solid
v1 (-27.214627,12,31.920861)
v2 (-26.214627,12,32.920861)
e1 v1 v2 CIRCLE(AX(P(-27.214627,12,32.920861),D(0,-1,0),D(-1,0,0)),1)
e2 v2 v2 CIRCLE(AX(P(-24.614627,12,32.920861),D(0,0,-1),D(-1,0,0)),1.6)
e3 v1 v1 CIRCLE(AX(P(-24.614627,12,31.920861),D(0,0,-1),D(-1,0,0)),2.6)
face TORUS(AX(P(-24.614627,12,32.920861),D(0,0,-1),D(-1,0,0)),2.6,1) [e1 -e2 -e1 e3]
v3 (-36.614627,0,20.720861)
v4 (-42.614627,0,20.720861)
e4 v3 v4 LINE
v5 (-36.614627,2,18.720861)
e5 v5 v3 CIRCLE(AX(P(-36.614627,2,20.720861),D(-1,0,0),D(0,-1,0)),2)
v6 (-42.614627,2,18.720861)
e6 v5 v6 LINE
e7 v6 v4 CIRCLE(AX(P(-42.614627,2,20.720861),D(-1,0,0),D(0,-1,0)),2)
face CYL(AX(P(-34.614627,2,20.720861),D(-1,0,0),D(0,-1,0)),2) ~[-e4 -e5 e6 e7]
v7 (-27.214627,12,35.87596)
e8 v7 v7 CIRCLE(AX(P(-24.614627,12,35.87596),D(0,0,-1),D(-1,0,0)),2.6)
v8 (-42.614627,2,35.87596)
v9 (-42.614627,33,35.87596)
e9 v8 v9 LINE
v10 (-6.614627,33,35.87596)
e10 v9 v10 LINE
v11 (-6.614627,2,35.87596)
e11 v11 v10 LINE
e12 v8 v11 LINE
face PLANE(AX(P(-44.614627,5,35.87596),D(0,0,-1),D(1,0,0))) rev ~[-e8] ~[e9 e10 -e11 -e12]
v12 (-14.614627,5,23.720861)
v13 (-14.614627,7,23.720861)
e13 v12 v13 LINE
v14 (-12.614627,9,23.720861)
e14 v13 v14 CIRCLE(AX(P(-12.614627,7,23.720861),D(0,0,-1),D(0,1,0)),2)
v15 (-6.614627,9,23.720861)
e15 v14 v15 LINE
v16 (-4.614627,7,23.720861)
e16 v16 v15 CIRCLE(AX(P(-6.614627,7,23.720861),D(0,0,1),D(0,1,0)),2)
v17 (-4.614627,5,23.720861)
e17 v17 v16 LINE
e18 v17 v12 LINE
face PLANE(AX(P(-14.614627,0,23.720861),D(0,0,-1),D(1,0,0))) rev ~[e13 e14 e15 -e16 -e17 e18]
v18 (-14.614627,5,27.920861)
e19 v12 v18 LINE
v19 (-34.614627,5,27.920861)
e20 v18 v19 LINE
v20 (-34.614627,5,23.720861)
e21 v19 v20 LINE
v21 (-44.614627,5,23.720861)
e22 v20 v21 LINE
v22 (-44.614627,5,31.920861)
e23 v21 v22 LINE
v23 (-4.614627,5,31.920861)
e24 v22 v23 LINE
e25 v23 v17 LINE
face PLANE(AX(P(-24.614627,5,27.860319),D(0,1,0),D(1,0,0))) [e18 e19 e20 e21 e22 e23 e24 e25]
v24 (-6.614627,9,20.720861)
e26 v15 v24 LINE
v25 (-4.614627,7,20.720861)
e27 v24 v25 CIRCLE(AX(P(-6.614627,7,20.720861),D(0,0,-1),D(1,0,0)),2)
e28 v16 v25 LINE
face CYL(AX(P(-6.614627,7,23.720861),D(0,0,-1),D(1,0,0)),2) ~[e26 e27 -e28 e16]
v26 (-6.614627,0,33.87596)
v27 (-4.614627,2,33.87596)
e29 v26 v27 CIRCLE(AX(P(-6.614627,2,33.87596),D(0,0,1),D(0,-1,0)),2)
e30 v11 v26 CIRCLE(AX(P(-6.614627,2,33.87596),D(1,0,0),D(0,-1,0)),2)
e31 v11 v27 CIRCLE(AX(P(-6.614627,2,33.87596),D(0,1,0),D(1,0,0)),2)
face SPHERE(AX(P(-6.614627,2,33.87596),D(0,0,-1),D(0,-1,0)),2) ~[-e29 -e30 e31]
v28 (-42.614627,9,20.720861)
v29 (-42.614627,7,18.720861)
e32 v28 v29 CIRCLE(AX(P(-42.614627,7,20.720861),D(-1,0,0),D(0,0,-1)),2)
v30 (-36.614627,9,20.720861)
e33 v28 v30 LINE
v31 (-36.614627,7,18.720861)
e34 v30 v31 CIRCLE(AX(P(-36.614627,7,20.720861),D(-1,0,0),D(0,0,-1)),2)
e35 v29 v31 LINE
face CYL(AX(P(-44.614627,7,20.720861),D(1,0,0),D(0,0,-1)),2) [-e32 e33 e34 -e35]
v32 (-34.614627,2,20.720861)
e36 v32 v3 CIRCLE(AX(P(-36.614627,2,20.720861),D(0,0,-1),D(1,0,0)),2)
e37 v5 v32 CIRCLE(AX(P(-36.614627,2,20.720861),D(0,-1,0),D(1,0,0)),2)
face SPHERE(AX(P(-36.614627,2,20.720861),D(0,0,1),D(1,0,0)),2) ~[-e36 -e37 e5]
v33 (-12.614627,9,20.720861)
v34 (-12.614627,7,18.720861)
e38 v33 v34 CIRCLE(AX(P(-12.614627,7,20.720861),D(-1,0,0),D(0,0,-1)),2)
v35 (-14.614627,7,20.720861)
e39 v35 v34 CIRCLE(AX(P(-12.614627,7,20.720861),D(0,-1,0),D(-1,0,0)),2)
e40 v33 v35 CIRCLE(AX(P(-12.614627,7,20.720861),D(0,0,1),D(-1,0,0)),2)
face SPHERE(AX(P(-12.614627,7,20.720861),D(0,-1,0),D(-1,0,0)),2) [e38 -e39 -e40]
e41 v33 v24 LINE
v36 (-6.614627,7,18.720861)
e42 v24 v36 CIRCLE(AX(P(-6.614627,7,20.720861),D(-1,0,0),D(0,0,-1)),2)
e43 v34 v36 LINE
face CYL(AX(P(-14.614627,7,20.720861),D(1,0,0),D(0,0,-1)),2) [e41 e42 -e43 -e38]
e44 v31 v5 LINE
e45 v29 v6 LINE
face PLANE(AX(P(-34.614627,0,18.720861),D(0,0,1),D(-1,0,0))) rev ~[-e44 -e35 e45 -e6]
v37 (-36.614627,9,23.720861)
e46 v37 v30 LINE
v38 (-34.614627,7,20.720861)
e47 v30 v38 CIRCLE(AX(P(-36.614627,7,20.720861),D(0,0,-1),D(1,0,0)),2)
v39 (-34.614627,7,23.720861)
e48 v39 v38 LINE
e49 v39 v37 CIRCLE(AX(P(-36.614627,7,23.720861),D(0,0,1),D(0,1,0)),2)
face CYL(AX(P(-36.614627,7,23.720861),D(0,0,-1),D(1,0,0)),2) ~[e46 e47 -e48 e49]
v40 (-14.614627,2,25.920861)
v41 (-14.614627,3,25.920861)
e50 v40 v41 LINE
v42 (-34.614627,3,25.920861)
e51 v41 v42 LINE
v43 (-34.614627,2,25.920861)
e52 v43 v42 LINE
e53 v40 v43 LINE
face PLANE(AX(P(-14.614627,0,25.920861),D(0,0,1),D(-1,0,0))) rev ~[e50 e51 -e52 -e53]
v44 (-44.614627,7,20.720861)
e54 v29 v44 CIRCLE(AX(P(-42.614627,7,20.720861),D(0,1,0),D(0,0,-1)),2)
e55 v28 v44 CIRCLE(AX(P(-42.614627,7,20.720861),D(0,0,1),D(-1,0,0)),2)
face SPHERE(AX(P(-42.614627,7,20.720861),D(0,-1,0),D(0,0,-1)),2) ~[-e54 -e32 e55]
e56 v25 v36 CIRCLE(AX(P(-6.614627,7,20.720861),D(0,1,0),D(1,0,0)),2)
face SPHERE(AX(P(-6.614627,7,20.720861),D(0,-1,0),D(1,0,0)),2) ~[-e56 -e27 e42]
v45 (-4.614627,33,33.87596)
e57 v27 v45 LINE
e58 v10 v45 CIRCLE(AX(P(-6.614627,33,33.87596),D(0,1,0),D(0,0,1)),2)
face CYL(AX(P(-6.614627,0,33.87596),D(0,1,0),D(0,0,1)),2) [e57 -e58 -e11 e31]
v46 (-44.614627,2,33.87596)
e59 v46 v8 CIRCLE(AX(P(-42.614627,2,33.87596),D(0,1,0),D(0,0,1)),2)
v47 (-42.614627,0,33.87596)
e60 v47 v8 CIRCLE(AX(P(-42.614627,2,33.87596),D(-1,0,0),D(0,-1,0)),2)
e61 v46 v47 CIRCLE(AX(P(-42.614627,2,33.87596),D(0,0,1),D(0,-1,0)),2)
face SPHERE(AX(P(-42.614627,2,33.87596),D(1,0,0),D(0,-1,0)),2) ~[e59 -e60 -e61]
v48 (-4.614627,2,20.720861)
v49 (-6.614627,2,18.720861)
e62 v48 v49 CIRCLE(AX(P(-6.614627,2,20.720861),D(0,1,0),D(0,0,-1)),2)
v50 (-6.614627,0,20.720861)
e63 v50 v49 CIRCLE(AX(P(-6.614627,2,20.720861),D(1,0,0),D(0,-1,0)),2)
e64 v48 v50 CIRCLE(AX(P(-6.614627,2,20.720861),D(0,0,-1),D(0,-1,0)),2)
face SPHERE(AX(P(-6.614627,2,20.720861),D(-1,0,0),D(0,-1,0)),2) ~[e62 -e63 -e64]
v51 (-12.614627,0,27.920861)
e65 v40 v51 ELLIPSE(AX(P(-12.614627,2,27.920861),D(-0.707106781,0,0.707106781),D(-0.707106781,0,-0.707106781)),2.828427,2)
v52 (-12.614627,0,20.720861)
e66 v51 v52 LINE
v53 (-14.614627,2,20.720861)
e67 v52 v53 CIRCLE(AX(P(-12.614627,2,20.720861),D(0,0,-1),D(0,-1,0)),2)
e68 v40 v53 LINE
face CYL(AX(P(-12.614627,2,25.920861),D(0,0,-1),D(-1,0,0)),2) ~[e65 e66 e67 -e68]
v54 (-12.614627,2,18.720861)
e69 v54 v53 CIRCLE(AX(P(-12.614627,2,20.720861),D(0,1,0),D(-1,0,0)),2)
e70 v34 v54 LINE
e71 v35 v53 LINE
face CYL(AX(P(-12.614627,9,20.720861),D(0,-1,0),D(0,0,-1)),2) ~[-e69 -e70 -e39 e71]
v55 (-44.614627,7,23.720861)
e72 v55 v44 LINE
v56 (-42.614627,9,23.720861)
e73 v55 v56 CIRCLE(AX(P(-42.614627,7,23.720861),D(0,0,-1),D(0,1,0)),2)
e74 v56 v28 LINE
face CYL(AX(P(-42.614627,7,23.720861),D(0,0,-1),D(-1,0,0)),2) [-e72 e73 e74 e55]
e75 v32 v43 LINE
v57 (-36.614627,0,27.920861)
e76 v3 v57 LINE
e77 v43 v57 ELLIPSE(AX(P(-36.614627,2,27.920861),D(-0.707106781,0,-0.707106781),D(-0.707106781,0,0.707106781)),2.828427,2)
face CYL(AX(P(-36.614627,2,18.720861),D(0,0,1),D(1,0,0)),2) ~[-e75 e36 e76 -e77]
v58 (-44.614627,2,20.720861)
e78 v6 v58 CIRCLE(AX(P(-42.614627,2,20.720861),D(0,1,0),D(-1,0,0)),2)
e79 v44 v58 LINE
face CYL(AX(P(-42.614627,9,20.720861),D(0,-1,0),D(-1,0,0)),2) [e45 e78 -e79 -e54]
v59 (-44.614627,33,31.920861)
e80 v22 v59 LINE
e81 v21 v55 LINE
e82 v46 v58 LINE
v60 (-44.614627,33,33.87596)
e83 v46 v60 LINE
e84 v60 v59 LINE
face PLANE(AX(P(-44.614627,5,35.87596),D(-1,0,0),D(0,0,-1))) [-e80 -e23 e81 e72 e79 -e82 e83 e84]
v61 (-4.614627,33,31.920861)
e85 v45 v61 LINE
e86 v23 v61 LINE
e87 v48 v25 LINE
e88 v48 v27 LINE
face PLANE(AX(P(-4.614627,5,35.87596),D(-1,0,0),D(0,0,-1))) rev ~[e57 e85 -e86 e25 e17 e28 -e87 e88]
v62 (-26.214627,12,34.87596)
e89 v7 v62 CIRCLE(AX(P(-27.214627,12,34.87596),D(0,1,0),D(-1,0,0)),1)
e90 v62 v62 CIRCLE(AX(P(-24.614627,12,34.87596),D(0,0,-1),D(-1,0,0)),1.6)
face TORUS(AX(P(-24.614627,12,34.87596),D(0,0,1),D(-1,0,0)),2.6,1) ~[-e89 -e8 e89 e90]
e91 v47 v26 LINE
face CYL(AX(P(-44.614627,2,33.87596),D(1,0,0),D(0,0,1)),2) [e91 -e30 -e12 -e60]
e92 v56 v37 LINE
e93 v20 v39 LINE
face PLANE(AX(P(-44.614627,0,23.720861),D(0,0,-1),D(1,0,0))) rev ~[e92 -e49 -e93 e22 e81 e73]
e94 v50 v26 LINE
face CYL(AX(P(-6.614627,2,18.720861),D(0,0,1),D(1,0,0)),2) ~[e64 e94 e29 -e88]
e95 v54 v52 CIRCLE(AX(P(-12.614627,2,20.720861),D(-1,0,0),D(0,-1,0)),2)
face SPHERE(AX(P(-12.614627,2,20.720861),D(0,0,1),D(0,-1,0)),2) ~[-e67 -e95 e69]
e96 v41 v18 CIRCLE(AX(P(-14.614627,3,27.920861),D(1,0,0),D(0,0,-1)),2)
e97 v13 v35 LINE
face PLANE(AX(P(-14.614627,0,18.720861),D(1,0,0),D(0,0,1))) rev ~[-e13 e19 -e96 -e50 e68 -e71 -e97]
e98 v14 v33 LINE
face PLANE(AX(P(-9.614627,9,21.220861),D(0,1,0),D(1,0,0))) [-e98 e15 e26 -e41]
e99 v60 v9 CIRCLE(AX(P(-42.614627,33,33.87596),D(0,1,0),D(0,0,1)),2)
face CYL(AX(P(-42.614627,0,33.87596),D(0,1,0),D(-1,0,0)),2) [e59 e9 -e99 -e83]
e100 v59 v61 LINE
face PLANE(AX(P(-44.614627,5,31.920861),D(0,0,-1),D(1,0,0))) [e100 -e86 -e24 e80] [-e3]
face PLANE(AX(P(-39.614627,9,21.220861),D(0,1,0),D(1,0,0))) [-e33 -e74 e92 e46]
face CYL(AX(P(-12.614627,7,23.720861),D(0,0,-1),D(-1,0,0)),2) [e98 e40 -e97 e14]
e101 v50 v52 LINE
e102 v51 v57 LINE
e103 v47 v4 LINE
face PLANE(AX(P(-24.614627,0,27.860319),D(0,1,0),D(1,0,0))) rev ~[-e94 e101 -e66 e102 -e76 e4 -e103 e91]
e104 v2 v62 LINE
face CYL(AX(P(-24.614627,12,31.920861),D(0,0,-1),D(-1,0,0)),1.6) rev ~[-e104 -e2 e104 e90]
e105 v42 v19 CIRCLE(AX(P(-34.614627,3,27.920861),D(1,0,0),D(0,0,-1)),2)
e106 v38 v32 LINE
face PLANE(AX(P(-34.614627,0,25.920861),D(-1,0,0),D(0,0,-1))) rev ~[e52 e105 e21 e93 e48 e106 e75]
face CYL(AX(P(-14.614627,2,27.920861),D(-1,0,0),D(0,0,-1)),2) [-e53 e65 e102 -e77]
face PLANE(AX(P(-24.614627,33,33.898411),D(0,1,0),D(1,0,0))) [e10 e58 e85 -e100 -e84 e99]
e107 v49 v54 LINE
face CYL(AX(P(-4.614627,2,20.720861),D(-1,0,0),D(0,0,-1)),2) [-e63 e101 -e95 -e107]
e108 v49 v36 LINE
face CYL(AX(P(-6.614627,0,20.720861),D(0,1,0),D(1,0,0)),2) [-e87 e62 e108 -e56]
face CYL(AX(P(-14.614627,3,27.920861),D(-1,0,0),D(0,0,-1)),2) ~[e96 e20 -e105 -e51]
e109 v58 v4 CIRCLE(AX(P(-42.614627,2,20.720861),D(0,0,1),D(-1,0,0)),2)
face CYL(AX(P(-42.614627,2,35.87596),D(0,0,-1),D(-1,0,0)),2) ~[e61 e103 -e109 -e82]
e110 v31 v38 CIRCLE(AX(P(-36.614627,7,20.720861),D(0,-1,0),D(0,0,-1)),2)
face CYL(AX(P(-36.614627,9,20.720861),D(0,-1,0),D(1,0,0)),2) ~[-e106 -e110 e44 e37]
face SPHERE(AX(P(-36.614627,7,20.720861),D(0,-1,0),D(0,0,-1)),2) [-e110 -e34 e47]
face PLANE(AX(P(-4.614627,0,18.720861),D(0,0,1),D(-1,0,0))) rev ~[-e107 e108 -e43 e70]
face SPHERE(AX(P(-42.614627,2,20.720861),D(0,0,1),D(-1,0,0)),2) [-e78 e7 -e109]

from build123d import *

# Parameters (mm, degrees)
BOSS_EXTRUDE1_DEPTH = 5
SKETCH1_3_W         = 10
SKETCH1_3_H         = 5
BOSS_EXTRUDE2_DEPTH = 9
SKETCH2_W           = 40
SKETCH2_H           = 3.955098896
BOSS_EXTRUDE4_DEPTH = 28
FILLET1_R           = 2
SKETCH6_R           = 1.6
CUT_EXTRUDE1_DEPTH  = 3.955098897
FILLET2_R           = 1


with BuildPart() as part:
    # Sketch1 → Boss-Extrude1 (new body)
    with BuildSketch(Plane(origin=(0, 0, 0), x_dir=(1, 0, 0), z_dir=(0, 1, 0))):
        Polygon((-4.61462686, -18.720861087), (-14.61462686, -18.720861087), (-14.61462686, -25.920861087), (-34.61462686, -25.920861087), (-34.61462686, -18.720861087), (-44.61462686, -18.720861087), (-44.61462686, -35.875959983), (-4.61462686, -35.875959983), align=None)
    extrude(amount=BOSS_EXTRUDE1_DEPTH)

    # Sketch1<3> → Boss-Extrude2 (add)
    with BuildSketch(Plane(origin=(0, 0, 0), x_dir=(1, 0, 0), z_dir=(0, 1, 0))):
        with Locations((-39.61462686, -21.220861087)):
            Rectangle(SKETCH1_3_W, SKETCH1_3_H)
        with Locations((-9.61462686, -21.220861087)):
            Rectangle(SKETCH1_3_W, SKETCH1_3_H)
    extrude(amount=BOSS_EXTRUDE2_DEPTH)

    # Sketch2 → Boss-Extrude4 (add)
    with BuildSketch(Plane(origin=(0, 5, 0), x_dir=(1, 0, 0), z_dir=(0, 1, 0))):
        with Locations((-24.61462686, -33.898410535)):
            Rectangle(SKETCH2_W, SKETCH2_H)
    extrude(amount=BOSS_EXTRUDE4_DEPTH)

    # Fillet1
    fillet1_edges = [part.edges().sort_by_distance(p)[0] for p in [
        (-34.61462686, 0, 22.320861087),
        (-24.61462686, 0, 25.920861087),
        (-14.61462686, 0, 22.320861087),
        (-9.61462686, 0, 18.720861087),
        (-4.61462686, 0, 27.298410535),
        (-24.61462686, 0, 35.875959983),
        (-44.61462686, 0, 27.298410535),
        (-44.61462686, 4.5, 18.720861087),
        (-34.61462686, 4.5, 18.720861087),
        (-14.61462686, 4.5, 18.720861087),
        (-4.61462686, 4.5, 18.720861087),
        (-4.61462686, 16.5, 35.875959983),
        (-44.61462686, 16.5, 35.875959983),
        (-24.61462686, 5, 25.920861087),
        (-39.61462686, 9, 18.720861087),
        (-44.61462686, 9, 21.220861087),
        (-34.61462686, 9, 21.220861087),
        (-14.61462686, 9, 21.220861087),
        (-4.61462686, 9, 21.220861087),
        (-9.61462686, 9, 18.720861087),
        (-39.61462686, 0, 18.720861087),
    ]]
    fillet(fillet1_edges, radius=FILLET1_R)

    # Sketch6 → Cut-Extrude1 (cut)
    with BuildSketch(Plane(origin=(0, 0, 31.920861087), x_dir=(-1, 0, 0), z_dir=(0, 0, -1))):
        with Locations((24.61462686, 12)):
            Circle(SKETCH6_R)
    extrude(amount=-CUT_EXTRUDE1_DEPTH, mode=Mode.SUBTRACT)

    # Fillet2
    fillet2_edges = [part.edges().sort_by_distance(p)[0] for p in [
        (-23.01462686, 12, 31.920861087),
        (-23.01462686, 12, 35.875959984),
    ]]
    fillet(fillet2_edges, radius=FILLET2_R)


solid = part.part
